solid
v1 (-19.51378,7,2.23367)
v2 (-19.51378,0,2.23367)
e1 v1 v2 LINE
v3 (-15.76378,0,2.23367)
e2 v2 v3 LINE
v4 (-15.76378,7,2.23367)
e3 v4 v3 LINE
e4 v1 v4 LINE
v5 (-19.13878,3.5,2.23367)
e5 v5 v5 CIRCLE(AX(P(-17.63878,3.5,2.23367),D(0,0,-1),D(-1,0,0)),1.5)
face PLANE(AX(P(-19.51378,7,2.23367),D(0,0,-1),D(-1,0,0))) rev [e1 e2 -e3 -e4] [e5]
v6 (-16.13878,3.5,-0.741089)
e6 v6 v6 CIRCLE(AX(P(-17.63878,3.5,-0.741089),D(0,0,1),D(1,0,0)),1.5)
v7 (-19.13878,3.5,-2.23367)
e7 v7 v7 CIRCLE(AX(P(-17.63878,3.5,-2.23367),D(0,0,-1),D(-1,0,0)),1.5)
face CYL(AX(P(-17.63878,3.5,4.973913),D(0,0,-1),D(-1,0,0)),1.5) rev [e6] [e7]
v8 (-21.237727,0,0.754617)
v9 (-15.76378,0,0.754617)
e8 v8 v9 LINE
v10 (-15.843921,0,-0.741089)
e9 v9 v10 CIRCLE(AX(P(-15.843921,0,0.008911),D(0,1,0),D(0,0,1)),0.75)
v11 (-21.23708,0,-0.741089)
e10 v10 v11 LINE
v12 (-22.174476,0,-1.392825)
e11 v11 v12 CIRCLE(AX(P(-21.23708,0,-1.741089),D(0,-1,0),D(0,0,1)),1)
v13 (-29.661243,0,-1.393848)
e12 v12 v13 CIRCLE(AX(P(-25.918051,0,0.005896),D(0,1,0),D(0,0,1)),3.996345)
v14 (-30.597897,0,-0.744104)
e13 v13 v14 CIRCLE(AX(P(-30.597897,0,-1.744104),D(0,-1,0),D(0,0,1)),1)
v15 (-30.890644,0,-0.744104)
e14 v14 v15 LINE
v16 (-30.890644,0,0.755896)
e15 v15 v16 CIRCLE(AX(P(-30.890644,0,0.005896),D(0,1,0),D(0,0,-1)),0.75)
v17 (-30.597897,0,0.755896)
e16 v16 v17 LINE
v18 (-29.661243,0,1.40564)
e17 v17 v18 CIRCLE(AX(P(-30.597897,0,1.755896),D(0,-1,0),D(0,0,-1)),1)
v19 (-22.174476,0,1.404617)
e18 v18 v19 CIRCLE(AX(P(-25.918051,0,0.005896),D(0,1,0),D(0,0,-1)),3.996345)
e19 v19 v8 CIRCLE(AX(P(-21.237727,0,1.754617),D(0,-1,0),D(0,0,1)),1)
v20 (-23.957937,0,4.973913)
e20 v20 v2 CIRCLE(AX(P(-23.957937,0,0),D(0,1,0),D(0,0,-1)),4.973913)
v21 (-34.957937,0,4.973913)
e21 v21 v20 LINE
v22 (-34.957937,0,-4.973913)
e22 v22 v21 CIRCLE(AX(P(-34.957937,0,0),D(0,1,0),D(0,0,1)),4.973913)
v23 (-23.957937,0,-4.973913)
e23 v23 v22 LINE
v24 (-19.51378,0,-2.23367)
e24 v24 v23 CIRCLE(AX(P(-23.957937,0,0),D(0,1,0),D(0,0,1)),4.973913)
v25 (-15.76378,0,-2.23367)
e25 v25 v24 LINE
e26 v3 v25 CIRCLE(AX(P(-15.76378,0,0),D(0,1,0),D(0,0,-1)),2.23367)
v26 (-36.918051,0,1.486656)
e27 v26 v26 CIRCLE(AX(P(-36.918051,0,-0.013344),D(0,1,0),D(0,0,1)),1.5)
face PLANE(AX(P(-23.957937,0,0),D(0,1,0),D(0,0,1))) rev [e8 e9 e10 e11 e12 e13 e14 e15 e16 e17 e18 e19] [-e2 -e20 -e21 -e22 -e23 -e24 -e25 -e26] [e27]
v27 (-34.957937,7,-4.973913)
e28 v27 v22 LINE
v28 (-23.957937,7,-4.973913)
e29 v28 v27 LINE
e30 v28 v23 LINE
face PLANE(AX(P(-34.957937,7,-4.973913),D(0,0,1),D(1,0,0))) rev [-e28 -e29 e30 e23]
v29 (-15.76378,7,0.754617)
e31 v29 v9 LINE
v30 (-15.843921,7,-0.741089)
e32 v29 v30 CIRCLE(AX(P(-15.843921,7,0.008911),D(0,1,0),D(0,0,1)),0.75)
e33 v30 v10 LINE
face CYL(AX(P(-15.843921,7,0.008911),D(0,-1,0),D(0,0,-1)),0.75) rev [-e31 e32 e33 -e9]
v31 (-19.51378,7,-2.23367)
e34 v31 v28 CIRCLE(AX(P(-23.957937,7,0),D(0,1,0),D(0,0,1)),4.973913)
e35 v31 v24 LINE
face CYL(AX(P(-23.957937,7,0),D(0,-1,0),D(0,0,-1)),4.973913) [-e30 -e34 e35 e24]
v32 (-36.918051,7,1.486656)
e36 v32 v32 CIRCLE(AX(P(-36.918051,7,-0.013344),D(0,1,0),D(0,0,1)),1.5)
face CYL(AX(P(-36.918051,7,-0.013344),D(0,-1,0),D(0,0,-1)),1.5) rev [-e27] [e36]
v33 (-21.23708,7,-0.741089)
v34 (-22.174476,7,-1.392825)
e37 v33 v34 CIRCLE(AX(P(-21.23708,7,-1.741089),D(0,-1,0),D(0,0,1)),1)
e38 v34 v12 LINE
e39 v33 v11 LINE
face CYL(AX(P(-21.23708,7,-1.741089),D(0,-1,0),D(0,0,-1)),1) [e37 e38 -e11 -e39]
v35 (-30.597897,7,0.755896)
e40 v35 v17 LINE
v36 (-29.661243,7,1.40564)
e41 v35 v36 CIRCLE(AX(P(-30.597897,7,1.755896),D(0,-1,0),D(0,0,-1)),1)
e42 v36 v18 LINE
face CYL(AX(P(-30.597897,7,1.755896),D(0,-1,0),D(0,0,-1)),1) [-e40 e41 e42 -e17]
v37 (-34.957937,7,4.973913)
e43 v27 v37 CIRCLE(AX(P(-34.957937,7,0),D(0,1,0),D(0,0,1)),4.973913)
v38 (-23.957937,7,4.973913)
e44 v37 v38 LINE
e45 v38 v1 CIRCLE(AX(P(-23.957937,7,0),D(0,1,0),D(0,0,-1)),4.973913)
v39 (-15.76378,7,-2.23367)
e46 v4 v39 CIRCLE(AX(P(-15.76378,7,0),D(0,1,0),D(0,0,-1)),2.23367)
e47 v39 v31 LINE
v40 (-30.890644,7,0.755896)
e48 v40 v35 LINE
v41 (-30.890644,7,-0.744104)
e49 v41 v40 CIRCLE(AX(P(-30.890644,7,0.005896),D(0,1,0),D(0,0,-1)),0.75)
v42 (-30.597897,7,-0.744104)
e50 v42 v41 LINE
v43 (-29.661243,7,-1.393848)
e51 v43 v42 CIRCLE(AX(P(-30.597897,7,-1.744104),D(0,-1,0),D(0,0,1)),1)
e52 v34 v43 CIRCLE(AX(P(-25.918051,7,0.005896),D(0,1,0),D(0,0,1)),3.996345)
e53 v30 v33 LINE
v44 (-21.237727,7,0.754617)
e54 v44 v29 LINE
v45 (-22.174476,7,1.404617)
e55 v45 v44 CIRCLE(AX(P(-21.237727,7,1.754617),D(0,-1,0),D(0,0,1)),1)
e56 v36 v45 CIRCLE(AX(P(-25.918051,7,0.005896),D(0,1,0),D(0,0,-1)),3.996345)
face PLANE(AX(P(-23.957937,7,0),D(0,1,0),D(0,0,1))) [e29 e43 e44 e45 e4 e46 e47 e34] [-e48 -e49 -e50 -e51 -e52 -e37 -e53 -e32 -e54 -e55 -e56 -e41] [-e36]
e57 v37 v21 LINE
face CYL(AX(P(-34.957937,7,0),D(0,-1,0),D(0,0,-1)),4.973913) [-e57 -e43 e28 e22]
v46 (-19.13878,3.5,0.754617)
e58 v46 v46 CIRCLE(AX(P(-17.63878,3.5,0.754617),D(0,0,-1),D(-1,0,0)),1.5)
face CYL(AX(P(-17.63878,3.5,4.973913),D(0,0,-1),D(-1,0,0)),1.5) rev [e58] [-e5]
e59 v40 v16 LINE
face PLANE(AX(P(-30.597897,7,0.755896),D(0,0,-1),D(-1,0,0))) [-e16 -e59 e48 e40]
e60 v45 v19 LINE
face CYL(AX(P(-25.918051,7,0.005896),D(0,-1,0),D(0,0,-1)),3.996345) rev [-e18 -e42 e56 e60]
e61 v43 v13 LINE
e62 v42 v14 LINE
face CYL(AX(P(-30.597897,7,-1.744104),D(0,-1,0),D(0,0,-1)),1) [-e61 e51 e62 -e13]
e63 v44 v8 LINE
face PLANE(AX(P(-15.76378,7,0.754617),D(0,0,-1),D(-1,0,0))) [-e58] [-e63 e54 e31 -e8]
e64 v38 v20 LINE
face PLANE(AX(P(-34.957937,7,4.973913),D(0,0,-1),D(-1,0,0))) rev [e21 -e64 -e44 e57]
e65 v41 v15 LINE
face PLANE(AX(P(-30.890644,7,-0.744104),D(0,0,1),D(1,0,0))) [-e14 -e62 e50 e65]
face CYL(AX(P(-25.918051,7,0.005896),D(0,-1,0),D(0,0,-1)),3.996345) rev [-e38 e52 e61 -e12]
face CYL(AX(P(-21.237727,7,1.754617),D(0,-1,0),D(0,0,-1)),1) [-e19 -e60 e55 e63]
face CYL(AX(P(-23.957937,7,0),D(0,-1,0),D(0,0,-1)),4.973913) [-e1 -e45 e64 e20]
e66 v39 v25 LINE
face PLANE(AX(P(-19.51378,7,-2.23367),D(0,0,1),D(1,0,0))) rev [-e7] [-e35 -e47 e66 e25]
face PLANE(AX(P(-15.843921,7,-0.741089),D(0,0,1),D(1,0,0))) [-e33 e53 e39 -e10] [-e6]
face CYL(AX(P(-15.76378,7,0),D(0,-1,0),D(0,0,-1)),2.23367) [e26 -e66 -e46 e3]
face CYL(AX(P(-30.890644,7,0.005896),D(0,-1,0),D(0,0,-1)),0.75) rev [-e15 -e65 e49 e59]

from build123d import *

# Parameters (mm, degrees)
BOSS_EXTRUDE2_DEPTH = 7
SKETCH2_R           = 1.5
CUT_EXTRUDE4_DEPTH  = 8
SKETCH4_R           = 1.5
CUT_EXTRUDE5_DEPTH  = 8.20758232


with BuildPart() as part:
    # Sketch1 → Boss-Extrude2 (new body)
    with BuildSketch(Plane(origin=(0, 0, 0), x_dir=(1, 0, 0), z_dir=(0, 1, 0))):
        with BuildLine():
            Line((-19.513780389, 2.233669643), (-15.763780389, 2.233669643))
            ThreePointArc((-15.763780389, 2.233669643), (-13.530110746, 0), (-15.763780389, -2.233669643))
            Line((-15.763780389, -2.233669643), (-19.513780389, -2.233669643))
            ThreePointArc((-19.513780389, -2.233669643), (-21.347407319, -4.233785839), (-23.957936917, -4.973912677))
            Line((-23.957936917, -4.973912677), (-34.957936917, -4.973912677))
            ThreePointArc((-34.957936917, -4.973912677), (-39.931849593, 0), (-34.957936917, 4.973912677))
            Line((-34.957936917, 4.973912677), (-23.957936917, 4.973912677))
            ThreePointArc((-23.957936917, 4.973912677), (-21.347407319, 4.233785839), (-19.513780389, 2.233669643))
        make_face()
    extrude(amount=BOSS_EXTRUDE2_DEPTH)

    # Sketch2 → Cut-Extrude4 (cut, through all)
    with BuildSketch(Plane(origin=(0, 0, 0), x_dir=(1, 0, 0), z_dir=(0, 1, 0))):
        with Locations((-36.918050981, 0.013343653)):
            Circle(SKETCH2_R)
        with BuildLine():
            Line((-15.763780389, -0.754616632), (-21.237726657, -0.754616632))
            ThreePointArc((-21.237726657, -0.754616632), (-21.807814369, -0.933032796), (-22.174476357, -1.404616632))
            ThreePointArc((-22.174476357, -1.404616632), (-25.917504746, -4.002240599), (-29.661243101, -1.405639951))
            ThreePointArc((-29.661243101, -1.405639951), (-30.027921677, -0.934234264), (-30.597897087, -0.755896014))
            Line((-30.597897087, -0.755896014), (-30.890644095, -0.755896014))
            ThreePointArc((-30.890644095, -0.755896014), (-31.640644095, -0.005896014), (-30.890644095, 0.744103986))
            Line((-30.890644095, 0.744103986), (-30.597897087, 0.744103986))
            ThreePointArc((-30.597897087, 0.744103986), (-30.027921677, 0.922442235), (-29.661243101, 1.393847922))
            ThreePointArc((-29.661243101, 1.393847922), (-25.917504746, 3.99044857), (-22.174476357, 1.392824603))
            ThreePointArc((-22.174476357, 1.392824603), (-21.807928303, 0.920033725), (-21.237080152, 0.74108938))
            Line((-21.237080152, 0.74108938), (-15.843921166, 0.74108938))
            ThreePointArc((-15.843921166, 0.74108938), (-15.094995432, 0.031217246), (-15.763780389, -0.754616632))
        make_face()
    extrude(amount=CUT_EXTRUDE4_DEPTH, mode=Mode.SUBTRACT)

    # Sketch4 → Cut-Extrude5 (cut, through all)
    with BuildSketch(Plane(origin=(0, 0, -2.233669643), x_dir=(-1, 0, 0), z_dir=(0, 0, -1))):
        with Locations((17.638780389, 3.5)):
            Circle(SKETCH4_R)
    extrude(amount=-CUT_EXTRUDE5_DEPTH, mode=Mode.SUBTRACT)


solid = part.part
